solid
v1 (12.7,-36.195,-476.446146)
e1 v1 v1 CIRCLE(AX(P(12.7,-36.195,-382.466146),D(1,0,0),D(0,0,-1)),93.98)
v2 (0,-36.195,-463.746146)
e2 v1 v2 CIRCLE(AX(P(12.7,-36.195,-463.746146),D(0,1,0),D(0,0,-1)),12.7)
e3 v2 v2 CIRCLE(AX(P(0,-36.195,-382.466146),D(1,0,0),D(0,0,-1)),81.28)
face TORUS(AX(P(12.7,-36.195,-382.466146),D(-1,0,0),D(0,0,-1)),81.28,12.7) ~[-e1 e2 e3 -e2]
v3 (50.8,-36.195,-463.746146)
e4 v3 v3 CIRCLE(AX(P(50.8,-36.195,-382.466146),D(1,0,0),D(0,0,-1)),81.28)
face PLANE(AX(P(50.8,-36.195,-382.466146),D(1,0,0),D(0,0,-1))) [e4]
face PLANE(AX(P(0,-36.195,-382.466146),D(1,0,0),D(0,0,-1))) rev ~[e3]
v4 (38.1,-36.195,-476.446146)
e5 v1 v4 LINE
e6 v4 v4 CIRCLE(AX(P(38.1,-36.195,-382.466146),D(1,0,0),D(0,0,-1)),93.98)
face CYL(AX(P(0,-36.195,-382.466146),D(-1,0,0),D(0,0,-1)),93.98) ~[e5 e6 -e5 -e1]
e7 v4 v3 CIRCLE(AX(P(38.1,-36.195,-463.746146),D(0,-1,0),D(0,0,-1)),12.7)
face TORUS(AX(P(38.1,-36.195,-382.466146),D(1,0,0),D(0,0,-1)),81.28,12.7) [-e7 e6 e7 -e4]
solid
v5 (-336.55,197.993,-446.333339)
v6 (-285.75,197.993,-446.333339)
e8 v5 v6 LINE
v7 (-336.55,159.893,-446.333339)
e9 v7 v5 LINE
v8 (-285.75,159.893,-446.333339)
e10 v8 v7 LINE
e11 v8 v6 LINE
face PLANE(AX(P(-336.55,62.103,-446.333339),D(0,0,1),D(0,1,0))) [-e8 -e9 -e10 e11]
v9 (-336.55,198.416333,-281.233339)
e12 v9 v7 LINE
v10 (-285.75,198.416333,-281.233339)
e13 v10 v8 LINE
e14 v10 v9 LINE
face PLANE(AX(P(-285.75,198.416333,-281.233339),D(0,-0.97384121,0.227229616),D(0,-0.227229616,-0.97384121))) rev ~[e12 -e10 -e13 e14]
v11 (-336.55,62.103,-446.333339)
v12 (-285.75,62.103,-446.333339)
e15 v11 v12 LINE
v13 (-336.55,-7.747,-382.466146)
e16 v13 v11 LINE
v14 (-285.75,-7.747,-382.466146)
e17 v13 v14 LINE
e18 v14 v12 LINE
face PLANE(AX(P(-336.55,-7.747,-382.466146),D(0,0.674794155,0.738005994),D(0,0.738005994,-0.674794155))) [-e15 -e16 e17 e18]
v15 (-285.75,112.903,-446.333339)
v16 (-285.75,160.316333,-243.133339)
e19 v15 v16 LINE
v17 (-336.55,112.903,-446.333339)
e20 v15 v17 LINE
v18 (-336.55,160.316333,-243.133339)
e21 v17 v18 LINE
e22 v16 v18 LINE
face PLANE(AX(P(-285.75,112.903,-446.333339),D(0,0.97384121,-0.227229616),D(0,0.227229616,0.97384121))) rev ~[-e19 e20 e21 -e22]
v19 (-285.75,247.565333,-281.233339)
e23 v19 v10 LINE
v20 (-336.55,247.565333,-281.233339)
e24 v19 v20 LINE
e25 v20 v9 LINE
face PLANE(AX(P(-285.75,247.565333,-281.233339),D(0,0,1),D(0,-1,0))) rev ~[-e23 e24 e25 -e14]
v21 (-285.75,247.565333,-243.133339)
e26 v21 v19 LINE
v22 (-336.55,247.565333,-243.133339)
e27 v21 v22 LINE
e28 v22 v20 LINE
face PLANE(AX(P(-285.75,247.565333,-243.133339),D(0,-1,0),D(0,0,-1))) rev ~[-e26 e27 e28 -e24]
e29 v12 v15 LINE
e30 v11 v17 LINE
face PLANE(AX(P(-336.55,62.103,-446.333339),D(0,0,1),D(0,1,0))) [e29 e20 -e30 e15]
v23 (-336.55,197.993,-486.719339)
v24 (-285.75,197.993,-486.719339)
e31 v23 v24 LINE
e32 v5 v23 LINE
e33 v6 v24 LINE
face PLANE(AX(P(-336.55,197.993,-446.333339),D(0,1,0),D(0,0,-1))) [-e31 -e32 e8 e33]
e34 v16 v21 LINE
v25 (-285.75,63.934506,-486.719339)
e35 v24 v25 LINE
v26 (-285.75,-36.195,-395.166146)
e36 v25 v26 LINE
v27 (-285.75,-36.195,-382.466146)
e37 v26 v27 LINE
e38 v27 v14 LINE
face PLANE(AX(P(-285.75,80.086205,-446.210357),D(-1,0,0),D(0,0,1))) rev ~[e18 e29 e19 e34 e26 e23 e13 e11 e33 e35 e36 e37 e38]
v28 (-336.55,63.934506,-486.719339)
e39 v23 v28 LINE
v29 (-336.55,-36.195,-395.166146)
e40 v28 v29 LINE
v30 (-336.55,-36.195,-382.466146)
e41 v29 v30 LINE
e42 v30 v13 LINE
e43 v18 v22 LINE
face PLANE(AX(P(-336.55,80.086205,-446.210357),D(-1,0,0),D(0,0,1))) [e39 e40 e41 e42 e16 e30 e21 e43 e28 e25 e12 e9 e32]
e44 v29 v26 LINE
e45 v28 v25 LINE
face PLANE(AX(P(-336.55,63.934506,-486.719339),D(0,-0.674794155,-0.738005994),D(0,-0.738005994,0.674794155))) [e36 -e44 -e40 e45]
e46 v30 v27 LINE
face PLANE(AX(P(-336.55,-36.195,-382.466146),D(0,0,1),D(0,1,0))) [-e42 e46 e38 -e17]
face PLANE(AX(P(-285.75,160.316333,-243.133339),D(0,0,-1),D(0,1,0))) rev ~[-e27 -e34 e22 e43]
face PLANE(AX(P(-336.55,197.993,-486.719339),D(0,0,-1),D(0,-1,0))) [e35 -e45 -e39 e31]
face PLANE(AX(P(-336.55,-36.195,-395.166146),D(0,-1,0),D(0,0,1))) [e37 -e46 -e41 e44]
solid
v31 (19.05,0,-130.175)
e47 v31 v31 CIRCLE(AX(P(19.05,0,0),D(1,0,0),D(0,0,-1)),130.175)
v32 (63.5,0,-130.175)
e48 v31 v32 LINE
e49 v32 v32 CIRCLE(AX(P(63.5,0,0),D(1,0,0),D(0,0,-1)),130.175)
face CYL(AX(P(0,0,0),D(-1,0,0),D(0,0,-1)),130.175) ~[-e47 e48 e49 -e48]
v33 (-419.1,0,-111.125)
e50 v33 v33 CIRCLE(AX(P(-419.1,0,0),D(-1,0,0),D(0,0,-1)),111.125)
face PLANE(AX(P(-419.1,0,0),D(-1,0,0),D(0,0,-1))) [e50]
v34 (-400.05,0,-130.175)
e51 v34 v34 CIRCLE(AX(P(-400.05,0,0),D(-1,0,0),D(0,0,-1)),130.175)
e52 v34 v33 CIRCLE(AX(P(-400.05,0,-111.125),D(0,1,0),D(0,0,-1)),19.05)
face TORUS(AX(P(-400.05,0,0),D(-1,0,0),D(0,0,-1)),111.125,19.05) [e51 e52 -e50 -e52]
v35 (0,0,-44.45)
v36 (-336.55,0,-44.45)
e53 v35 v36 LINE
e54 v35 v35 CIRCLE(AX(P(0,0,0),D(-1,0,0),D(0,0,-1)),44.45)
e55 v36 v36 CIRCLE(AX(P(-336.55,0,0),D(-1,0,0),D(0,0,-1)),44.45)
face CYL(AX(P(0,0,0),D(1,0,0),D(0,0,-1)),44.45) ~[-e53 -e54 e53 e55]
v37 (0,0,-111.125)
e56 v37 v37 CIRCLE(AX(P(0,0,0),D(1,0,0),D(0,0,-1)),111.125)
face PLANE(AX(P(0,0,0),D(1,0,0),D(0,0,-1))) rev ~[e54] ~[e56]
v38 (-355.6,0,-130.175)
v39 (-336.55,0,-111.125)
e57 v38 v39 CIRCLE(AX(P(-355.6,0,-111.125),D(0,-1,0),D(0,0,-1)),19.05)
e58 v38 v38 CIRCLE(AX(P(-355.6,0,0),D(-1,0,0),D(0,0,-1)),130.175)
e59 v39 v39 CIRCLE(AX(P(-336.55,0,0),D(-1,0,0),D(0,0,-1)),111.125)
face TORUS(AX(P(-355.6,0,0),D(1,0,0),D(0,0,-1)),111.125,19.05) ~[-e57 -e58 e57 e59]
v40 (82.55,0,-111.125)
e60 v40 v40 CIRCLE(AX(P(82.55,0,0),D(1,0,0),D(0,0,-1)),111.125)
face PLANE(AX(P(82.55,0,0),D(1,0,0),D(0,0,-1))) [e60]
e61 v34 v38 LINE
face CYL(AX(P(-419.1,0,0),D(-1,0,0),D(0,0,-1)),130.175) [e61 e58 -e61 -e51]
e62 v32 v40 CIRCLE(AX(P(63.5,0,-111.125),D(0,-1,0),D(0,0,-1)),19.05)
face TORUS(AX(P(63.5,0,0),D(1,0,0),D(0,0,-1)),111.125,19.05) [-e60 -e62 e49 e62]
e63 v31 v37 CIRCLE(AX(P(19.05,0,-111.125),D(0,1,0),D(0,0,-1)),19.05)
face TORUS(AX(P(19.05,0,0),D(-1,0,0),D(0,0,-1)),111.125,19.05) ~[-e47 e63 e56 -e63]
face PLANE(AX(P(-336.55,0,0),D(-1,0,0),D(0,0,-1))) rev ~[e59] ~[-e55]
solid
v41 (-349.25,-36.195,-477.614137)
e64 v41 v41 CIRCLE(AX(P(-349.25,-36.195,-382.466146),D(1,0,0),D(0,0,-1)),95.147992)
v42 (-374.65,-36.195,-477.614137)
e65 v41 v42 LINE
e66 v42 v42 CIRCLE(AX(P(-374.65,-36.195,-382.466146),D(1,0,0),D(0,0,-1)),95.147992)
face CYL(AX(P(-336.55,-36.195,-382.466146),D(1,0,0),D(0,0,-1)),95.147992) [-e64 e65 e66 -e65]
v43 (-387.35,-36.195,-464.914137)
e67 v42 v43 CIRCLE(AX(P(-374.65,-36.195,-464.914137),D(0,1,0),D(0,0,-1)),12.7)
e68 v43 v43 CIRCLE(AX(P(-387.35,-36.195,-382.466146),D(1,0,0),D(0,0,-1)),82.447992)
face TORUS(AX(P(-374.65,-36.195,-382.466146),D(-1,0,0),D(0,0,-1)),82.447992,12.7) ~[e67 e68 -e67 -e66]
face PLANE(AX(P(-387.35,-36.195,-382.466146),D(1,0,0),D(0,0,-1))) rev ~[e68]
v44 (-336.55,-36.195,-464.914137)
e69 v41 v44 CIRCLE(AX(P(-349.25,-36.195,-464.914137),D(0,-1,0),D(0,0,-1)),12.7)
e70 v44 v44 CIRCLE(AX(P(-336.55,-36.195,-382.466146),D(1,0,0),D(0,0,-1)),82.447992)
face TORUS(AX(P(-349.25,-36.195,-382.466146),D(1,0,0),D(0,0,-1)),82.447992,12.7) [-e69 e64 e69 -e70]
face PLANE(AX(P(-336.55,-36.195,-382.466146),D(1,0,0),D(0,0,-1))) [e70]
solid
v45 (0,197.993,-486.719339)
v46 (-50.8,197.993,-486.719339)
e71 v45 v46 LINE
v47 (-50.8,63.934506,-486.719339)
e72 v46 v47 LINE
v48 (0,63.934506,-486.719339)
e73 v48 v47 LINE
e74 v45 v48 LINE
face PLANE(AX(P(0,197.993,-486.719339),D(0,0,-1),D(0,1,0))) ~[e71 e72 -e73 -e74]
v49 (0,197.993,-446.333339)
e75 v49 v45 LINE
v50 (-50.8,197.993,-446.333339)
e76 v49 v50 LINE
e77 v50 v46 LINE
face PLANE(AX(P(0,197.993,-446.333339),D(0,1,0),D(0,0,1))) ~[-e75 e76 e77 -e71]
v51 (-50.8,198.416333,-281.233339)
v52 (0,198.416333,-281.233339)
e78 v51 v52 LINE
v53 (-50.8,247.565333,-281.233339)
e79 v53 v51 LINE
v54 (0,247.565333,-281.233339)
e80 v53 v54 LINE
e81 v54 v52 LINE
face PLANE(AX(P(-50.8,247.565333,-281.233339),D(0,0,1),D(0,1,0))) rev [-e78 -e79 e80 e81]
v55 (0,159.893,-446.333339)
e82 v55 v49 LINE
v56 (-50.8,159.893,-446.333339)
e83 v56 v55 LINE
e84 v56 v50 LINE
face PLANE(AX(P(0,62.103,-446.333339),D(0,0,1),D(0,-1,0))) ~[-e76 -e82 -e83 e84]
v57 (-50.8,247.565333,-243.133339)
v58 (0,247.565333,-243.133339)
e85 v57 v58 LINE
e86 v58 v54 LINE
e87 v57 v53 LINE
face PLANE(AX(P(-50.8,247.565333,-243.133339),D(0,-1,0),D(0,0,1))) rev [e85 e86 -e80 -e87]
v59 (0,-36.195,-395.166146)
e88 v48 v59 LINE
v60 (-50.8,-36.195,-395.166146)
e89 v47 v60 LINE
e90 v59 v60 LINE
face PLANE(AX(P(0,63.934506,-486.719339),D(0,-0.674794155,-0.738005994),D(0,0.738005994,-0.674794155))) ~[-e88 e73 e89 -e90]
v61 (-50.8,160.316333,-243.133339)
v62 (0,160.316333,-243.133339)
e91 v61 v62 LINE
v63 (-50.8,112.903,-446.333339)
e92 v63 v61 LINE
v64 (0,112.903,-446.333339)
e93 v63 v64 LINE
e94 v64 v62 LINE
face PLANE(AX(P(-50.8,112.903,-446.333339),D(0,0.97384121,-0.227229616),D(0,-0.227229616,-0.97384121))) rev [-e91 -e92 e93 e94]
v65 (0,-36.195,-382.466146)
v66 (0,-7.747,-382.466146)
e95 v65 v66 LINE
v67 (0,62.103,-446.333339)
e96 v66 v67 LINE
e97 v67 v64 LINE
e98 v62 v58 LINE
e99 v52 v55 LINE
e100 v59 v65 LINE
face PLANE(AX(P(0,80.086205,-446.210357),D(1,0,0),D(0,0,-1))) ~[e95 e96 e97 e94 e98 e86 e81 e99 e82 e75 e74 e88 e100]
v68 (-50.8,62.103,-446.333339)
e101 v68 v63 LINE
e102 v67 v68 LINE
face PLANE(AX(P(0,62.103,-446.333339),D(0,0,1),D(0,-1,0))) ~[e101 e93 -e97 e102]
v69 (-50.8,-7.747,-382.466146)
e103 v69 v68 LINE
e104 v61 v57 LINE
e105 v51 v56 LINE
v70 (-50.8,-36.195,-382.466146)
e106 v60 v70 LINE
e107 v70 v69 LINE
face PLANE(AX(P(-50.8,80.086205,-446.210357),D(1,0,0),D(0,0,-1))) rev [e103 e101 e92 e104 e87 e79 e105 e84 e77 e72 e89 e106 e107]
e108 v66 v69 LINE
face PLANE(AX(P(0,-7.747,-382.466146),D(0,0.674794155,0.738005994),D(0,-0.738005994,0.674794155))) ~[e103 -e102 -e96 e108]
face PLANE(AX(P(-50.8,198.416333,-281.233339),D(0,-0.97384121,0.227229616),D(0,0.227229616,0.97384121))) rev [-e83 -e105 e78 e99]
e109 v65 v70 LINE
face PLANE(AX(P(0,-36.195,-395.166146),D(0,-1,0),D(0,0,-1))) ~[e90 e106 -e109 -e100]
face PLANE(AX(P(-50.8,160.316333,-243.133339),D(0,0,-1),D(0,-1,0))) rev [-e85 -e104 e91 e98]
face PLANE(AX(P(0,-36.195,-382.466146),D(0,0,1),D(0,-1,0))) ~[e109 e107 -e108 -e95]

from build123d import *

# Parameters (mm, degrees)
SKETCH2_R           = 130.175
BOSS_EXTRUDE1_DEPTH = 82.55
FILLET1_R           = 19.05
SKETCH3_R           = 44.45
BOSS_EXTRUDE2_DEPTH = 336.55
BOSS_EXTRUDE3_START = 82.55
SKETCH4_R           = 130.175
BOSS_EXTRUDE3_DEPTH = 82.55
FILLET3_R           = 19.05
SKETCH5_R           = 93.98
BOSS_EXTRUDE5_DEPTH = 50.8
FILLET4_R           = 12.7
SKETCH9_R           = 95.147991529
BOSS_EXTRUDE7_DEPTH = 50.8
FILLET5_R           = 12.7
BOSS_EXTRUDE8_DEPTH = 50.8
BOSS_EXTRUDE9_DEPTH = 50.8


with BuildPart() as part:
    # Sketch2 → Boss-Extrude1 (new body)
    with BuildSketch(Plane(origin=(0, 0, 0), x_dir=(0, 0, -1), z_dir=(1, 0, 0))):
        Circle(SKETCH2_R)
    extrude(amount=BOSS_EXTRUDE1_DEPTH)

    # Fillet1
    fillet1_edges = [part.edges().sort_by_distance(p)[0] for p in [
        (0, 0, 130.175),
        (82.55, 0, 130.175),
    ]]
    fillet(fillet1_edges, radius=FILLET1_R)

    # Sketch3 → Boss-Extrude2 (add)
    with BuildSketch(Plane.ZY):
        with Locations(Location((0, 0, 0), (0, 0, 180))):
            Circle(SKETCH3_R)
    extrude(amount=BOSS_EXTRUDE2_DEPTH)

    # Sketch4 → Boss-Extrude3 (add)
    with BuildSketch(Plane.ZY.offset(336.55).offset(BOSS_EXTRUDE3_START)):
        with Locations(Location((0, 0, 0), (0, 0, 180))):
            Circle(SKETCH4_R)
    extrude(amount=-BOSS_EXTRUDE3_DEPTH)

    # Fillet3
    fillet3_edges = [part.edges().sort_by_distance(p)[0] for p in [
        (-336.55, 0, 130.175),
        (-419.1, 0, 130.175),
    ]]
    fillet(fillet3_edges, radius=FILLET3_R)


with BuildPart() as body_2:
    # Sketch5 → Boss-Extrude5 (new body)
    with BuildSketch(Plane(origin=(0, 0, 0), x_dir=(0, 0, -1), z_dir=(1, 0, 0))):
        with Locations((382.466145691, -36.195)):
            Circle(SKETCH5_R)
    extrude(amount=BOSS_EXTRUDE5_DEPTH)

    # Fillet4
    fillet4_edges = [body_2.edges().sort_by_distance(p)[0] for p in [
        (0, -36.195, -288.486145691),
        (50.8, -36.195, -288.486145691),
    ]]
    fillet(fillet4_edges, radius=FILLET4_R)


with BuildPart() as body_3:
    # Sketch9 → Boss-Extrude7 (new body)
    with BuildSketch(Plane(origin=(-336.55, 0, 0), x_dir=(0, 0, -1), z_dir=(1, 0, 0))):
        with Locations((382.466145691, -36.195)):
            Circle(SKETCH9_R)
    extrude(amount=-BOSS_EXTRUDE7_DEPTH)

    # Fillet5
    fillet5_edges = [body_3.edges().sort_by_distance(p)[0] for p in [
        (-336.55, -36.195, -287.318154163),
        (-387.35, -36.195, -287.318154163),
    ]]
    fillet(fillet5_edges, radius=FILLET5_R)


with BuildPart() as body_4:
    # Sketch10 → Boss-Extrude8 (new body)
    with BuildSketch(Plane(origin=(-336.55, 0, 0), x_dir=(0, 0, -1), z_dir=(1, 0, 0))):
        Polygon((382.466145691, -36.195), (382.466145691, -7.747), (446.333339345, 62.103), (446.333339345, 197.993), (486.719339345, 197.993), (486.719339345, 63.934506416), (395.166145691, -36.195), align=None)
    extrude(amount=BOSS_EXTRUDE8_DEPTH)

    # Sketch11 → Boss-Extrude9 (add)
    with BuildSketch(Plane(origin=(-285.75, 0, 0), x_dir=(0, 0, -1), z_dir=(1, 0, 0))):
        Polygon((446.333339345, 112.903), (243.133339345, 160.316333333), (243.133339345, 247.565333333), (281.233339345, 247.565333333), (281.233339345, 198.416333333), (446.333339345, 159.893), align=None)
    extrude(amount=-BOSS_EXTRUDE9_DEPTH)


with BuildPart() as body_5:
    # Mirror15: mirrored copy
    add(body_4.part.mirror(Plane.ZY.offset(168.275)))


solid = Compound([part.part, body_2.part, body_3.part, body_4.part, body_5.part])
